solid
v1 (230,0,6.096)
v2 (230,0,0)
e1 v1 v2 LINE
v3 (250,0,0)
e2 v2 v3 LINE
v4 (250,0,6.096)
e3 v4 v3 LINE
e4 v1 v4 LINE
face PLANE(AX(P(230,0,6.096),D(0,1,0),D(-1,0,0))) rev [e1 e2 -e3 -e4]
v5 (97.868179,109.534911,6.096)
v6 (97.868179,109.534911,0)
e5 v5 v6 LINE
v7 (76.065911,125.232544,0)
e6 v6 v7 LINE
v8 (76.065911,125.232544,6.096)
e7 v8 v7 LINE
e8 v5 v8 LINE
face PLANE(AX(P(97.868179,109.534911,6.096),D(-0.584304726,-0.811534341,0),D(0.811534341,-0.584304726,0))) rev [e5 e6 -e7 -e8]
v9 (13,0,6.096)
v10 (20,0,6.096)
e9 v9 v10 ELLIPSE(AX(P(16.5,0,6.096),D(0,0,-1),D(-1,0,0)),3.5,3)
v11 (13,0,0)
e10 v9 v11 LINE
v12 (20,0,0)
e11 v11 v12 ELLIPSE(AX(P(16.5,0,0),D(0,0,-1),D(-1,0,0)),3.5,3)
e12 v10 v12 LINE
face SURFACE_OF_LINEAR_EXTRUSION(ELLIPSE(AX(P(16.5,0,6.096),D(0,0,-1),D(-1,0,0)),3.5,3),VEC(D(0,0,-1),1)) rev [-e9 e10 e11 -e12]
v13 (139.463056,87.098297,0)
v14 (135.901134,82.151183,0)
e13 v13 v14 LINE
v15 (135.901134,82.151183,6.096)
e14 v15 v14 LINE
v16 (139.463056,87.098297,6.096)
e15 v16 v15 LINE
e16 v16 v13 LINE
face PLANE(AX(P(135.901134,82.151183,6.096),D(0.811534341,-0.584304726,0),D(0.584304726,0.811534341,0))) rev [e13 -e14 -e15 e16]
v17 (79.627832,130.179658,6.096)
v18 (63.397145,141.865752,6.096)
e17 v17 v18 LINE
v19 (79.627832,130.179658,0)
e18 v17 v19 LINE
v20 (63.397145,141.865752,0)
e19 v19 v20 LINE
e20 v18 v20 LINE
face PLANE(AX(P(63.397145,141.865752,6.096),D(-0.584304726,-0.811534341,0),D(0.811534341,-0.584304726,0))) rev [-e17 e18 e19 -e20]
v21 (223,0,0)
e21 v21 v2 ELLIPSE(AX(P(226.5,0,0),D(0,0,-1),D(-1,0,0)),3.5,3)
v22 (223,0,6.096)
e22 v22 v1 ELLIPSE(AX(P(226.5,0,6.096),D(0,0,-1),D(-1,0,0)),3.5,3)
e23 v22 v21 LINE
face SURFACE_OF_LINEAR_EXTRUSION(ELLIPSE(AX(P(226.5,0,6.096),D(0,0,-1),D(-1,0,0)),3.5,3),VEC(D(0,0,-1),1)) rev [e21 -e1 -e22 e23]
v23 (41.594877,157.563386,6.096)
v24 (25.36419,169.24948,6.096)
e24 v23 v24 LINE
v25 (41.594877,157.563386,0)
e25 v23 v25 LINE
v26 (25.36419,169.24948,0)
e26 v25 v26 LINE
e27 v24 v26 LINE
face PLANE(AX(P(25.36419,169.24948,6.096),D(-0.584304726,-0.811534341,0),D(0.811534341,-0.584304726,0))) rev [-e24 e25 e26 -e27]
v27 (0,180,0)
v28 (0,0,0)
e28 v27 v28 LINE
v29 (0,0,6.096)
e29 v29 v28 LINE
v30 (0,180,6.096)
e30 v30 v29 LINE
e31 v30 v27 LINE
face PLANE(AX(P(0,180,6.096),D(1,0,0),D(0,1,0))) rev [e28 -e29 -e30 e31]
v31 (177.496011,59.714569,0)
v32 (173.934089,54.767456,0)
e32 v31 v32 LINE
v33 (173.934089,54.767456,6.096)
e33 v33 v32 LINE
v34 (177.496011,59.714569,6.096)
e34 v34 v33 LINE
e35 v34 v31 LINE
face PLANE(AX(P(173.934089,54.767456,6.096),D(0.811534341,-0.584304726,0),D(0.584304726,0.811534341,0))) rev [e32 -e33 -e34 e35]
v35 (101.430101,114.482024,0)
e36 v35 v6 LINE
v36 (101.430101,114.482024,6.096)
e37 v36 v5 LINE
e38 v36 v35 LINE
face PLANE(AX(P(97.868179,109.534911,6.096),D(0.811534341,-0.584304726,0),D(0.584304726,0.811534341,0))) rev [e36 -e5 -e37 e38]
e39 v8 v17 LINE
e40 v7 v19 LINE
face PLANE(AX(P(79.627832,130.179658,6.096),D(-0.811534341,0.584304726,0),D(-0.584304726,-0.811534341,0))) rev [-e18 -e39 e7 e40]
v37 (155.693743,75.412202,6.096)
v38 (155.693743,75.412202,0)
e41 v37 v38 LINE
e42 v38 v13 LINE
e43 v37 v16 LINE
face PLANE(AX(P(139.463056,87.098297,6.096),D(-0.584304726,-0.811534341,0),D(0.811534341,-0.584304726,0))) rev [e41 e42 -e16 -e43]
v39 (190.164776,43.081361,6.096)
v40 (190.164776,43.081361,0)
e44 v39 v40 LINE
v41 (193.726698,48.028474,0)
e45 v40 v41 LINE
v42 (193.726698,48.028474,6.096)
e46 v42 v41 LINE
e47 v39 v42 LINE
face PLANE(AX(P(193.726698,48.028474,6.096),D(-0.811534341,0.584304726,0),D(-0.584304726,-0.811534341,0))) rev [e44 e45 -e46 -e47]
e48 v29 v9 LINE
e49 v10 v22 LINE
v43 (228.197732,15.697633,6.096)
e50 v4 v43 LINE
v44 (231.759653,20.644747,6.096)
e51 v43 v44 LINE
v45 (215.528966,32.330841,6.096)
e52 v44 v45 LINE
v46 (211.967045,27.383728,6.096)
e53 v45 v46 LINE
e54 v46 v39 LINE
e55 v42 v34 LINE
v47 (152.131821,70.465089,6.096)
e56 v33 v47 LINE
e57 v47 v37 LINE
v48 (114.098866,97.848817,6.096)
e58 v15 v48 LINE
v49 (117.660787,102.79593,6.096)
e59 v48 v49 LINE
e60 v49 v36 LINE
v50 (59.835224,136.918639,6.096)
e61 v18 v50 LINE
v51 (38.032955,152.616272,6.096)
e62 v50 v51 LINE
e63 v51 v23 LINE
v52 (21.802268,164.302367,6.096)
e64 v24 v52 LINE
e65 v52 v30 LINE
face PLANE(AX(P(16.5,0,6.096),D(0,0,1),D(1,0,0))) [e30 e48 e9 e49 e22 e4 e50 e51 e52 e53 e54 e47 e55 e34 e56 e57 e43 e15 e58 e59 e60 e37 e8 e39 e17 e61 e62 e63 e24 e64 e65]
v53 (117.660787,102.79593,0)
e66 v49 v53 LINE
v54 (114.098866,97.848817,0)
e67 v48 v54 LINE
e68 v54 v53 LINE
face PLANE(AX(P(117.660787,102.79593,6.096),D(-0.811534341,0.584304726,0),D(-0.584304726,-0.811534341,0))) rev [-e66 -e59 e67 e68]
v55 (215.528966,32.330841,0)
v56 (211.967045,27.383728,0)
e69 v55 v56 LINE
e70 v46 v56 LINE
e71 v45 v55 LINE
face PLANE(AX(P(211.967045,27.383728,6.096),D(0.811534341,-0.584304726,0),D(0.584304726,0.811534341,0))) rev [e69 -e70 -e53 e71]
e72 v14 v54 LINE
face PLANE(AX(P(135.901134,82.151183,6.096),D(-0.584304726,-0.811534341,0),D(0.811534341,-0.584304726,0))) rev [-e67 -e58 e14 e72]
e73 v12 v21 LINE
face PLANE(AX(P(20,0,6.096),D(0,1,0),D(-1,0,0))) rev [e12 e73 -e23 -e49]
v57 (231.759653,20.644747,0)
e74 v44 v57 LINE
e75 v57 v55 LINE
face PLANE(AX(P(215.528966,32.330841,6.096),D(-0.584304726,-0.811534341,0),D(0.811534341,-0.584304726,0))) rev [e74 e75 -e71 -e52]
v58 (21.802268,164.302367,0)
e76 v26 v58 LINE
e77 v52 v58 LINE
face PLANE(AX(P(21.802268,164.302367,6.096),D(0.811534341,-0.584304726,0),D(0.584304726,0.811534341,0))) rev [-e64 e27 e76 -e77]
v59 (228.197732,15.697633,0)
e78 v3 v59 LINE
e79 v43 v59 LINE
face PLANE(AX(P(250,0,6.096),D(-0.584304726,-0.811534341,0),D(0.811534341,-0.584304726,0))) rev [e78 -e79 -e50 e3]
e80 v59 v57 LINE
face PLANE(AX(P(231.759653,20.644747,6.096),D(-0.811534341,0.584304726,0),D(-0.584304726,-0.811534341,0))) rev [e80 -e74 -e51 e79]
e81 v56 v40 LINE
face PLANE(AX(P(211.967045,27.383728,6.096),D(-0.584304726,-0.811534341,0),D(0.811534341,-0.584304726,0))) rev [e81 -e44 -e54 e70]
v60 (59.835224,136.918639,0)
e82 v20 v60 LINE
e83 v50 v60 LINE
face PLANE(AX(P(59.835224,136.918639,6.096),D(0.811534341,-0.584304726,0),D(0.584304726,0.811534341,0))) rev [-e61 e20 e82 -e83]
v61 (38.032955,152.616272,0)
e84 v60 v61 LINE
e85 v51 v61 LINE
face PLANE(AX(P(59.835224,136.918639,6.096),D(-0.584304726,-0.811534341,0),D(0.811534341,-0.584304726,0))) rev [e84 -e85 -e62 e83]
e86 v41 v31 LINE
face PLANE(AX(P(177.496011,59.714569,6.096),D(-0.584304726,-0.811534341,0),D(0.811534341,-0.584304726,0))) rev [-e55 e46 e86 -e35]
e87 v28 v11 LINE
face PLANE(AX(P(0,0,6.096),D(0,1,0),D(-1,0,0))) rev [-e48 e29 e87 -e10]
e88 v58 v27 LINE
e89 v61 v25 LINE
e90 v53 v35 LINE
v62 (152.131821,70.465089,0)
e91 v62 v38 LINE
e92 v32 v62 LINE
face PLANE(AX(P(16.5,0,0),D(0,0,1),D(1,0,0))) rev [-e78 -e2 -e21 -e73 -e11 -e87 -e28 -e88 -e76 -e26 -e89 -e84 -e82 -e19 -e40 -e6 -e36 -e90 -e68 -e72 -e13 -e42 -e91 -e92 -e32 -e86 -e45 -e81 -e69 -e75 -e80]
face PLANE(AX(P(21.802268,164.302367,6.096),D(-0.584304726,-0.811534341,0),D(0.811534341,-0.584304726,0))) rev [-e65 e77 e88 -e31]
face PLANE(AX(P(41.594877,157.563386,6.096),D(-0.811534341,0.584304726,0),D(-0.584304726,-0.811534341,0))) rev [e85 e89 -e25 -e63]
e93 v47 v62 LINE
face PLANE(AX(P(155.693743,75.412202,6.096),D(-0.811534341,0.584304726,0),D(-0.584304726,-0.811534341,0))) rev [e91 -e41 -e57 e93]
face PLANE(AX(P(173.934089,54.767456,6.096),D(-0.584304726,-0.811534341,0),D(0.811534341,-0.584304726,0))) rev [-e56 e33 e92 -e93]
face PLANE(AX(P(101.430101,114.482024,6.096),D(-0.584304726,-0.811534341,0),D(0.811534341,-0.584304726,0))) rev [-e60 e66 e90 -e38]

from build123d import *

# Parameters (mm, degrees)
BOSS_EXTRUDE1_DEPTH = 6.096


with BuildPart() as part:
    # Sketch1 → Boss-Extrude1 (new body)
    with BuildSketch(Plane.XY):
        with BuildLine():
            Line((0, 0), (13, 0))
            add(Edge.make_bspline(
                [(20, 0), (20, 3), (16.5, 3), (13, 3), (13, 0)],
                knots=[3.141592654, 3.141592654, 3.141592654, 4.71238898, 4.71238898, 6.283185307, 6.283185307, 6.283185307], degree=2, weights=[1, 0.707106781, 1, 0.707106781, 1]))
            Line((20, 0), (223, 0))
            add(Edge.make_bspline(
                [(230, 0), (230, 3), (226.5, 3), (223, 3), (223, 0)],
                knots=[3.141592654, 3.141592654, 3.141592654, 4.71238898, 4.71238898, 6.283185307, 6.283185307, 6.283185307], degree=2, weights=[1, 0.707106781, 1, 0.707106781, 1]))
            Line((230, 0), (250, 0))
            Line((250, 0), (228.197731568, 15.697633271))
            Line((228.197731568, 15.697633271), (231.759653176, 20.644746617))
            Line((231.759653176, 20.644746617), (215.528966347, 32.330841134))
            Line((215.528966347, 32.330841134), (211.967044739, 27.383727788))
            Line((211.967044739, 27.383727788), (190.164776306, 43.081361059))
            Line((190.164776306, 43.081361059), (193.726697915, 48.028474405))
            Line((193.726697915, 48.028474405), (177.496011086, 59.714568922))
            Line((177.496011086, 59.714568922), (173.934089477, 54.767455576))
            Line((173.934089477, 54.767455576), (152.131821045, 70.465088847))
            Line((152.131821045, 70.465088847), (155.693742654, 75.412202193))
            Line((155.693742654, 75.412202193), (139.463055825, 87.09829671))
            Line((139.463055825, 87.09829671), (135.901134216, 82.151183364))
            Line((135.901134216, 82.151183364), (114.098865784, 97.848816636))
            Line((114.098865784, 97.848816636), (117.660787393, 102.795929981))
            Line((117.660787393, 102.795929981), (101.430100564, 114.482024498))
            Line((101.430100564, 114.482024498), (97.868178955, 109.534911153))
            Line((97.868178955, 109.534911153), (76.065910523, 125.232544424))
            Line((76.065910523, 125.232544424), (79.627832131, 130.179657769))
            Line((79.627832131, 130.179657769), (63.397145302, 141.865752286))
            Line((63.397145302, 141.865752286), (59.835223694, 136.918638941))
            Line((59.835223694, 136.918638941), (38.032955261, 152.616272212))
            Line((38.032955261, 152.616272212), (41.59487687, 157.563385557))
            Line((41.59487687, 157.563385557), (25.364190041, 169.249480074))
            Line((25.364190041, 169.249480074), (21.802268432, 164.302366729))
            Line((21.802268432, 164.302366729), (0, 180))
            Line((0, 180), (0, 0))
        make_face()
    extrude(amount=BOSS_EXTRUDE1_DEPTH)


solid = part.part
